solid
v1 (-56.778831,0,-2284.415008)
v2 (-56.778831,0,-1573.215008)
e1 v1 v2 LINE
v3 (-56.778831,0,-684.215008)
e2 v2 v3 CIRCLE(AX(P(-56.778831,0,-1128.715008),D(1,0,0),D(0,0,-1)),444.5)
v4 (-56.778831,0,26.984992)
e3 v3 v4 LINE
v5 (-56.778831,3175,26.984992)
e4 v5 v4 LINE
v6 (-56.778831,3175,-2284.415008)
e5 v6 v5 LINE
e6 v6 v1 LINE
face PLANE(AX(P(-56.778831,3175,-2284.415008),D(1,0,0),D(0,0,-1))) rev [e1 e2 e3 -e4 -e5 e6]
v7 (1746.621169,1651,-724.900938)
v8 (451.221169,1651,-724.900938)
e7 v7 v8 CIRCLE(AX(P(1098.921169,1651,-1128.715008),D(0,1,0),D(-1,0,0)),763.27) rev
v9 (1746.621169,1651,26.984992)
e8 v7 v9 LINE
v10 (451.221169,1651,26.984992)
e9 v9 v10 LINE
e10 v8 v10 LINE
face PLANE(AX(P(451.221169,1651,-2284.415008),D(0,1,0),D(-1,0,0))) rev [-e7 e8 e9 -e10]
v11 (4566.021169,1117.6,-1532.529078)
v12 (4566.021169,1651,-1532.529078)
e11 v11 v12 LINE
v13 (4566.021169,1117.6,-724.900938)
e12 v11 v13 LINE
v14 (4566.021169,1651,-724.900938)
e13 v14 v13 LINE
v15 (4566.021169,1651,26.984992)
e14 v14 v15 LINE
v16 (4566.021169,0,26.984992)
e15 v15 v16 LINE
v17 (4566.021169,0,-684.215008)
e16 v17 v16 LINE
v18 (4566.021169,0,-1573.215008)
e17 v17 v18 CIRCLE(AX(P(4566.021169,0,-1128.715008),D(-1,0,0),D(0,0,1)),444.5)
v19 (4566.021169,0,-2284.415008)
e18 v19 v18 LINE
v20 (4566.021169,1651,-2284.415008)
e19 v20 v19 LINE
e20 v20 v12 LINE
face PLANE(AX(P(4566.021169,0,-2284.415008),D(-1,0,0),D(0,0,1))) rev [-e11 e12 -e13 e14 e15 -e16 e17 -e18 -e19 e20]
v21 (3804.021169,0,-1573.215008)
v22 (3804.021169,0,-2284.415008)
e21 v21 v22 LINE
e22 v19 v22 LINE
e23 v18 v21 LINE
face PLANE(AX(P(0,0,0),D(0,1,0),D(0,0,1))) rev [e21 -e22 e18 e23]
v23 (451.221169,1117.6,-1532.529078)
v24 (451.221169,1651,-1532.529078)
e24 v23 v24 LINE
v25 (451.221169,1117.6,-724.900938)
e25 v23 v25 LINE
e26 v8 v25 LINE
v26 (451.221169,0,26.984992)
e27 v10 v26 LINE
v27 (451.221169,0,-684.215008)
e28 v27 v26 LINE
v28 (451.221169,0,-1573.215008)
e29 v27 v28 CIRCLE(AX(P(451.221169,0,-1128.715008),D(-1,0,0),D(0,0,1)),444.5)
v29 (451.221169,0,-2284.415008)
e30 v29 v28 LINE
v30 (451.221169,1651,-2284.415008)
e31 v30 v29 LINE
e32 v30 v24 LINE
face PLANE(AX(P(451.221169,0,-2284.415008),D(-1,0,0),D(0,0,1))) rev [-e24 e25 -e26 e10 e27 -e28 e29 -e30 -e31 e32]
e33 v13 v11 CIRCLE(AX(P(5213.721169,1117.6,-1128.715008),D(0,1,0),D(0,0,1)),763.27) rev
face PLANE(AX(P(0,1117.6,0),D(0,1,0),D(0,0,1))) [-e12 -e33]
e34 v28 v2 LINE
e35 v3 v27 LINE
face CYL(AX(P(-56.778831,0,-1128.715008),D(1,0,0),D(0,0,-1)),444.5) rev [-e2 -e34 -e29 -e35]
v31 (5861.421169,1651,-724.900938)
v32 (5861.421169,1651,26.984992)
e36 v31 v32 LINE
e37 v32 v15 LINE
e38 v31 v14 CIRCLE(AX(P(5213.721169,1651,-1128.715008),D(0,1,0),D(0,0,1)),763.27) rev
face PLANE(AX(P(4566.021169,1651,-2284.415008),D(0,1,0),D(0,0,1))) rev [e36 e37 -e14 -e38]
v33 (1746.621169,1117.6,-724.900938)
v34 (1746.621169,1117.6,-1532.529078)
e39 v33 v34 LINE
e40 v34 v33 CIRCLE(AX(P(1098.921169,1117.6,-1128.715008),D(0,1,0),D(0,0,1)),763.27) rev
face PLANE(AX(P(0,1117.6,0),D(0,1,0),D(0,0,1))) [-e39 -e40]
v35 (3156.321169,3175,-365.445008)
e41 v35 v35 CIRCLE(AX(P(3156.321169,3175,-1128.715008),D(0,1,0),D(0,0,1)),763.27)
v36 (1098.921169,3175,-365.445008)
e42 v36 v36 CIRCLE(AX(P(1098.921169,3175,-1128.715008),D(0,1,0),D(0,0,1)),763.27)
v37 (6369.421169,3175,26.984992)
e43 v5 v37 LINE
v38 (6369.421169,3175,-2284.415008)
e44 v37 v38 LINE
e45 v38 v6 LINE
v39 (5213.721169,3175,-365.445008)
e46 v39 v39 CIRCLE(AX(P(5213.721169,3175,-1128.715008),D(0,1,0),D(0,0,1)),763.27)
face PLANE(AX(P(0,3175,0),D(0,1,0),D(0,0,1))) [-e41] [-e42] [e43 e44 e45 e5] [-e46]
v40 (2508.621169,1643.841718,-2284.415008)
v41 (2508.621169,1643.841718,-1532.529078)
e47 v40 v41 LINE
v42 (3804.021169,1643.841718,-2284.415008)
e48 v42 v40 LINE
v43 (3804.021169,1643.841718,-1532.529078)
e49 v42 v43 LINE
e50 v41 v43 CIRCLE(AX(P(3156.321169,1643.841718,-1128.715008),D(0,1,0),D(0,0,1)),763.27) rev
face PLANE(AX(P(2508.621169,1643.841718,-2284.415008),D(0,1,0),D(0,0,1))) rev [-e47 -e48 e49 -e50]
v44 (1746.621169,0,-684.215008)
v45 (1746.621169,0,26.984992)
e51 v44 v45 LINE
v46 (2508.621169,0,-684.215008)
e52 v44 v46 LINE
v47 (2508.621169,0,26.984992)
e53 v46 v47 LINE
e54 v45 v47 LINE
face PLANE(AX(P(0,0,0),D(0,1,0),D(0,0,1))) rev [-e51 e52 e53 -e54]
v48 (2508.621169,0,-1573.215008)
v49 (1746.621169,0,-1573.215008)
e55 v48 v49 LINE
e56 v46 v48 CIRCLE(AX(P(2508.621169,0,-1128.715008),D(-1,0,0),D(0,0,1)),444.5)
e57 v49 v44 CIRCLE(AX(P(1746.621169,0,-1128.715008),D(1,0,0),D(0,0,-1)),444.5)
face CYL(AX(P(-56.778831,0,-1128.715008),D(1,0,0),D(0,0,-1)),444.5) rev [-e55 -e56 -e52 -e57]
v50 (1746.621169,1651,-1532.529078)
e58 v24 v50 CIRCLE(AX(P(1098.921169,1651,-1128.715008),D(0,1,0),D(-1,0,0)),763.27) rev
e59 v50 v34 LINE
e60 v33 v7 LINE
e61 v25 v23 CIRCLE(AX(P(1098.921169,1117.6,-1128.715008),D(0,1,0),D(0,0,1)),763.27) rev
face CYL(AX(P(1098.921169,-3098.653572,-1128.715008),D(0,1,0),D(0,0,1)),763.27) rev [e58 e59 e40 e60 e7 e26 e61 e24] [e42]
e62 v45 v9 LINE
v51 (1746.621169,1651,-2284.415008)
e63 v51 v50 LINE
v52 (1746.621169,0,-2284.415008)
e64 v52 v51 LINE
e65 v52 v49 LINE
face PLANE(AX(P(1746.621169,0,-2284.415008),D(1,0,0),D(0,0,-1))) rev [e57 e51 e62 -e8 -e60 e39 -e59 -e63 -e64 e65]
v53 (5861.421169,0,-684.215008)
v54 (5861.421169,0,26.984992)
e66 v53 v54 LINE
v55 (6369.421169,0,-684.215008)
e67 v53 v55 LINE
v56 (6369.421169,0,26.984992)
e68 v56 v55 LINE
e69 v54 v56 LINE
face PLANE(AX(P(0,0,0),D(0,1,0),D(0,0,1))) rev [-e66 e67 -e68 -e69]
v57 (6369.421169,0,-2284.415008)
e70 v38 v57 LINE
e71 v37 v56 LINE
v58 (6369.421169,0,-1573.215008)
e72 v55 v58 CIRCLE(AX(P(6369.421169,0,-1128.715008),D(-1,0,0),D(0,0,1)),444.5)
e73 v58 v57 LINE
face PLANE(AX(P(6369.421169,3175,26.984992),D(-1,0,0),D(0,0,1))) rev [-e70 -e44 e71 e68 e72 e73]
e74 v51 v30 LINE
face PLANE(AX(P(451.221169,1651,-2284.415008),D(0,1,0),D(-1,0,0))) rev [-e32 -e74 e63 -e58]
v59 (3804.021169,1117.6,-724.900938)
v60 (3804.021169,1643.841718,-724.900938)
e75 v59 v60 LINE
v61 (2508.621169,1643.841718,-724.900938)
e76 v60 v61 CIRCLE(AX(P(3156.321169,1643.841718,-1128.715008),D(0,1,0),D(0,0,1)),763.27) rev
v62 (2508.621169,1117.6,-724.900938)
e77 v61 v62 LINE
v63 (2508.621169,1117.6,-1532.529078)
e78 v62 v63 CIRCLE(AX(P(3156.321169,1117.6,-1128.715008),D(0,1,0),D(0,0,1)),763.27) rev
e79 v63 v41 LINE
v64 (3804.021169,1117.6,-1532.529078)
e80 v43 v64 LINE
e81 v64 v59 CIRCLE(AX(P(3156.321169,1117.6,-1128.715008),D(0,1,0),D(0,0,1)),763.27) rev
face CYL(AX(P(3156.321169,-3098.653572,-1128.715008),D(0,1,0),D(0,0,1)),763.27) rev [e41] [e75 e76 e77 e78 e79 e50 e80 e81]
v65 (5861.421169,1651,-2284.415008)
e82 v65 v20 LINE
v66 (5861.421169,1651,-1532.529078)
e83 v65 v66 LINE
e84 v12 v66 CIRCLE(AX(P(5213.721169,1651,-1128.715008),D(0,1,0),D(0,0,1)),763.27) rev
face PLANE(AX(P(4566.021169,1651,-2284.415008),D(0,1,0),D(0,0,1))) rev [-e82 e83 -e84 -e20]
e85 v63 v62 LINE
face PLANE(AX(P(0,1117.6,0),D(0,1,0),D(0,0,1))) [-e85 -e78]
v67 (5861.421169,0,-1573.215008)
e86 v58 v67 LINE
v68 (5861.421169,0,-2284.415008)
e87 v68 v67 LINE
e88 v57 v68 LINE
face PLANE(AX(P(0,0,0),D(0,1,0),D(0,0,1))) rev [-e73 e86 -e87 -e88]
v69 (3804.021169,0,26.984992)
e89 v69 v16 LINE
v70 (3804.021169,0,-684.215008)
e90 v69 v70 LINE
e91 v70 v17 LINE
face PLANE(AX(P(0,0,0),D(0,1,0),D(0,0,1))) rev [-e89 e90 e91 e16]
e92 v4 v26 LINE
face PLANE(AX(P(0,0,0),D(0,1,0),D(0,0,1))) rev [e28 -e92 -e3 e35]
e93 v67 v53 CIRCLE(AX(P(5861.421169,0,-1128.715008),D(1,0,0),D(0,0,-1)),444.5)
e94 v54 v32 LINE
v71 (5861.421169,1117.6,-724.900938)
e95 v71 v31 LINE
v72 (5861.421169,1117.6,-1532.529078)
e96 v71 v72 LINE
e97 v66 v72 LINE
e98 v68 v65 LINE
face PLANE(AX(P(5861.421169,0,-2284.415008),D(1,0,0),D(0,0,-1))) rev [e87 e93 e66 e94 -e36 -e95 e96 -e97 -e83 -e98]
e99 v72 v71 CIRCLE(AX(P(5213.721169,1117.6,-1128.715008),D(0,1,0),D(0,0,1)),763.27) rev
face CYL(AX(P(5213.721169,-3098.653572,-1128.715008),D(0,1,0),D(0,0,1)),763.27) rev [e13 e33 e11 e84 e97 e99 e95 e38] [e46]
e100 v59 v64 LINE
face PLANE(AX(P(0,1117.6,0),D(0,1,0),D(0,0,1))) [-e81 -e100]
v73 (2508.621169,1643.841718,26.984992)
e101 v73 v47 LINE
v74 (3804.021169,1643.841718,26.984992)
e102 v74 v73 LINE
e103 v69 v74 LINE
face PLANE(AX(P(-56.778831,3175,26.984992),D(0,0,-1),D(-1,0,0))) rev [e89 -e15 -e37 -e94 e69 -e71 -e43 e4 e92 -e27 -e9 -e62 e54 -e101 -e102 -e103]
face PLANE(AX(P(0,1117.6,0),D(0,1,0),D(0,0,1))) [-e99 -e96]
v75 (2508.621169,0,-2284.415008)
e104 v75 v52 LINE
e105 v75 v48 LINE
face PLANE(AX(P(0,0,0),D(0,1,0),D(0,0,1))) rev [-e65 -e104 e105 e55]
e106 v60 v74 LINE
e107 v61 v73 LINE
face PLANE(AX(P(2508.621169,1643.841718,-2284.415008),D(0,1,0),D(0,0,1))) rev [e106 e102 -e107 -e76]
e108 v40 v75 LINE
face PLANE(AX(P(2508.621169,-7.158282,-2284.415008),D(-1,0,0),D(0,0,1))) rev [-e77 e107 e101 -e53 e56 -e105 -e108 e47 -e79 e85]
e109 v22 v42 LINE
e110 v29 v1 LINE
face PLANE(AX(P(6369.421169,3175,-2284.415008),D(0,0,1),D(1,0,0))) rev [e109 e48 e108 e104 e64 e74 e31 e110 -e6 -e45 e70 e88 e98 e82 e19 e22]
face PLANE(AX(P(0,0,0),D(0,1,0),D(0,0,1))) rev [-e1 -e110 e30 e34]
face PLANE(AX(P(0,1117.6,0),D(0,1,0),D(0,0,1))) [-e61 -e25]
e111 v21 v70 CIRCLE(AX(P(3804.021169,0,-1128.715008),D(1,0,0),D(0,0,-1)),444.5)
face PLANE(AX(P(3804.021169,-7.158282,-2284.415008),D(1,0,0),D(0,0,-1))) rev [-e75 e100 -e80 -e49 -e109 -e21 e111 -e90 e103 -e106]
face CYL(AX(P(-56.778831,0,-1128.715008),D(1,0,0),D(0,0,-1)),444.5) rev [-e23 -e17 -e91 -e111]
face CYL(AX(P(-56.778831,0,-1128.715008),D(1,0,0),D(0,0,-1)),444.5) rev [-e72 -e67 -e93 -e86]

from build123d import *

# Parameters (mm, degrees)
SKETCH1_W               = 6426.2
SKETCH1_H               = 2311.4
BOSS_EXTRUDE1_DEPTH     = 3175
SKETCH2_R               = 763.27
CUT_EXTRUDE1_DEPTH      = 2057.4
CUT_EXTRUDE3_DEPTH      = 7475.536972742
CUT_EXTRUDE3_DEPTH_BACK = 7475.536972742
SKETCH6_W               = 1295.4
SKETCH6_H               = 1651
CUT_EXTRUDE4_DEPTH      = 7523.97968682
CUT_EXTRUDE4_DEPTH_BACK = 7523.97968682
SKETCH7_R               = 444.5


with BuildPart() as part:
    # Sketch1 → Boss-Extrude1 (new body)
    with BuildSketch(Plane(origin=(0, 0, 0), x_dir=(1, 0, 0), z_dir=(0, 1, 0))):
        with Locations((3156.321169036, 1128.715007899)):
            Rectangle(SKETCH1_W, SKETCH1_H)
    extrude(amount=BOSS_EXTRUDE1_DEPTH)

    # Sketch2 → Cut-Extrude1 (cut)
    with BuildSketch(Plane(origin=(0, 3175, 0), x_dir=(1, 0, 0), z_dir=(0, 1, 0))):
        with Locations(Location((1098.921169036, 1128.715007899, 0), (0, 0, 270))):
            Circle(SKETCH2_R)
        with Locations(Location((3156.321169036, 1128.715007899, 0), (0, 0, 270))):
            Circle(SKETCH2_R)
        with Locations(Location((5213.721169036, 1128.715007899, 0), (0, 0, 270))):
            Circle(SKETCH2_R)
    extrude(amount=-CUT_EXTRUDE1_DEPTH, mode=Mode.SUBTRACT)

    # Sketch6 → Cut-Extrude3 (cut, two sides: drawn at the far end of the back side and taken through both)
    with BuildSketch(Plane.XY.offset(-CUT_EXTRUDE3_DEPTH_BACK)):
        with Locations((3156.321169036, 818.341718397)):
            Rectangle(SKETCH6_W, SKETCH6_H)
        with Locations((5213.721169036, 825.5)):
            Rectangle(SKETCH6_W, SKETCH6_H)
        with Locations((1098.921169036, 825.5)):
            Rectangle(SKETCH6_W, SKETCH6_H)
    extrude(amount=CUT_EXTRUDE3_DEPTH + CUT_EXTRUDE3_DEPTH_BACK, mode=Mode.SUBTRACT)

    # Sketch7 → Cut-Extrude4 (cut, two sides: drawn at the far end of the back side and taken through both)
    with BuildSketch(Plane(origin=(6369.421169036, 0, 0), x_dir=(0, 0, -1), z_dir=(1, 0, 0)).offset(-CUT_EXTRUDE4_DEPTH_BACK)):
        with Locations((1128.715007899, 0)):
            Circle(SKETCH7_R)
    extrude(amount=CUT_EXTRUDE4_DEPTH + CUT_EXTRUDE4_DEPTH_BACK, mode=Mode.SUBTRACT)


solid = part.part
